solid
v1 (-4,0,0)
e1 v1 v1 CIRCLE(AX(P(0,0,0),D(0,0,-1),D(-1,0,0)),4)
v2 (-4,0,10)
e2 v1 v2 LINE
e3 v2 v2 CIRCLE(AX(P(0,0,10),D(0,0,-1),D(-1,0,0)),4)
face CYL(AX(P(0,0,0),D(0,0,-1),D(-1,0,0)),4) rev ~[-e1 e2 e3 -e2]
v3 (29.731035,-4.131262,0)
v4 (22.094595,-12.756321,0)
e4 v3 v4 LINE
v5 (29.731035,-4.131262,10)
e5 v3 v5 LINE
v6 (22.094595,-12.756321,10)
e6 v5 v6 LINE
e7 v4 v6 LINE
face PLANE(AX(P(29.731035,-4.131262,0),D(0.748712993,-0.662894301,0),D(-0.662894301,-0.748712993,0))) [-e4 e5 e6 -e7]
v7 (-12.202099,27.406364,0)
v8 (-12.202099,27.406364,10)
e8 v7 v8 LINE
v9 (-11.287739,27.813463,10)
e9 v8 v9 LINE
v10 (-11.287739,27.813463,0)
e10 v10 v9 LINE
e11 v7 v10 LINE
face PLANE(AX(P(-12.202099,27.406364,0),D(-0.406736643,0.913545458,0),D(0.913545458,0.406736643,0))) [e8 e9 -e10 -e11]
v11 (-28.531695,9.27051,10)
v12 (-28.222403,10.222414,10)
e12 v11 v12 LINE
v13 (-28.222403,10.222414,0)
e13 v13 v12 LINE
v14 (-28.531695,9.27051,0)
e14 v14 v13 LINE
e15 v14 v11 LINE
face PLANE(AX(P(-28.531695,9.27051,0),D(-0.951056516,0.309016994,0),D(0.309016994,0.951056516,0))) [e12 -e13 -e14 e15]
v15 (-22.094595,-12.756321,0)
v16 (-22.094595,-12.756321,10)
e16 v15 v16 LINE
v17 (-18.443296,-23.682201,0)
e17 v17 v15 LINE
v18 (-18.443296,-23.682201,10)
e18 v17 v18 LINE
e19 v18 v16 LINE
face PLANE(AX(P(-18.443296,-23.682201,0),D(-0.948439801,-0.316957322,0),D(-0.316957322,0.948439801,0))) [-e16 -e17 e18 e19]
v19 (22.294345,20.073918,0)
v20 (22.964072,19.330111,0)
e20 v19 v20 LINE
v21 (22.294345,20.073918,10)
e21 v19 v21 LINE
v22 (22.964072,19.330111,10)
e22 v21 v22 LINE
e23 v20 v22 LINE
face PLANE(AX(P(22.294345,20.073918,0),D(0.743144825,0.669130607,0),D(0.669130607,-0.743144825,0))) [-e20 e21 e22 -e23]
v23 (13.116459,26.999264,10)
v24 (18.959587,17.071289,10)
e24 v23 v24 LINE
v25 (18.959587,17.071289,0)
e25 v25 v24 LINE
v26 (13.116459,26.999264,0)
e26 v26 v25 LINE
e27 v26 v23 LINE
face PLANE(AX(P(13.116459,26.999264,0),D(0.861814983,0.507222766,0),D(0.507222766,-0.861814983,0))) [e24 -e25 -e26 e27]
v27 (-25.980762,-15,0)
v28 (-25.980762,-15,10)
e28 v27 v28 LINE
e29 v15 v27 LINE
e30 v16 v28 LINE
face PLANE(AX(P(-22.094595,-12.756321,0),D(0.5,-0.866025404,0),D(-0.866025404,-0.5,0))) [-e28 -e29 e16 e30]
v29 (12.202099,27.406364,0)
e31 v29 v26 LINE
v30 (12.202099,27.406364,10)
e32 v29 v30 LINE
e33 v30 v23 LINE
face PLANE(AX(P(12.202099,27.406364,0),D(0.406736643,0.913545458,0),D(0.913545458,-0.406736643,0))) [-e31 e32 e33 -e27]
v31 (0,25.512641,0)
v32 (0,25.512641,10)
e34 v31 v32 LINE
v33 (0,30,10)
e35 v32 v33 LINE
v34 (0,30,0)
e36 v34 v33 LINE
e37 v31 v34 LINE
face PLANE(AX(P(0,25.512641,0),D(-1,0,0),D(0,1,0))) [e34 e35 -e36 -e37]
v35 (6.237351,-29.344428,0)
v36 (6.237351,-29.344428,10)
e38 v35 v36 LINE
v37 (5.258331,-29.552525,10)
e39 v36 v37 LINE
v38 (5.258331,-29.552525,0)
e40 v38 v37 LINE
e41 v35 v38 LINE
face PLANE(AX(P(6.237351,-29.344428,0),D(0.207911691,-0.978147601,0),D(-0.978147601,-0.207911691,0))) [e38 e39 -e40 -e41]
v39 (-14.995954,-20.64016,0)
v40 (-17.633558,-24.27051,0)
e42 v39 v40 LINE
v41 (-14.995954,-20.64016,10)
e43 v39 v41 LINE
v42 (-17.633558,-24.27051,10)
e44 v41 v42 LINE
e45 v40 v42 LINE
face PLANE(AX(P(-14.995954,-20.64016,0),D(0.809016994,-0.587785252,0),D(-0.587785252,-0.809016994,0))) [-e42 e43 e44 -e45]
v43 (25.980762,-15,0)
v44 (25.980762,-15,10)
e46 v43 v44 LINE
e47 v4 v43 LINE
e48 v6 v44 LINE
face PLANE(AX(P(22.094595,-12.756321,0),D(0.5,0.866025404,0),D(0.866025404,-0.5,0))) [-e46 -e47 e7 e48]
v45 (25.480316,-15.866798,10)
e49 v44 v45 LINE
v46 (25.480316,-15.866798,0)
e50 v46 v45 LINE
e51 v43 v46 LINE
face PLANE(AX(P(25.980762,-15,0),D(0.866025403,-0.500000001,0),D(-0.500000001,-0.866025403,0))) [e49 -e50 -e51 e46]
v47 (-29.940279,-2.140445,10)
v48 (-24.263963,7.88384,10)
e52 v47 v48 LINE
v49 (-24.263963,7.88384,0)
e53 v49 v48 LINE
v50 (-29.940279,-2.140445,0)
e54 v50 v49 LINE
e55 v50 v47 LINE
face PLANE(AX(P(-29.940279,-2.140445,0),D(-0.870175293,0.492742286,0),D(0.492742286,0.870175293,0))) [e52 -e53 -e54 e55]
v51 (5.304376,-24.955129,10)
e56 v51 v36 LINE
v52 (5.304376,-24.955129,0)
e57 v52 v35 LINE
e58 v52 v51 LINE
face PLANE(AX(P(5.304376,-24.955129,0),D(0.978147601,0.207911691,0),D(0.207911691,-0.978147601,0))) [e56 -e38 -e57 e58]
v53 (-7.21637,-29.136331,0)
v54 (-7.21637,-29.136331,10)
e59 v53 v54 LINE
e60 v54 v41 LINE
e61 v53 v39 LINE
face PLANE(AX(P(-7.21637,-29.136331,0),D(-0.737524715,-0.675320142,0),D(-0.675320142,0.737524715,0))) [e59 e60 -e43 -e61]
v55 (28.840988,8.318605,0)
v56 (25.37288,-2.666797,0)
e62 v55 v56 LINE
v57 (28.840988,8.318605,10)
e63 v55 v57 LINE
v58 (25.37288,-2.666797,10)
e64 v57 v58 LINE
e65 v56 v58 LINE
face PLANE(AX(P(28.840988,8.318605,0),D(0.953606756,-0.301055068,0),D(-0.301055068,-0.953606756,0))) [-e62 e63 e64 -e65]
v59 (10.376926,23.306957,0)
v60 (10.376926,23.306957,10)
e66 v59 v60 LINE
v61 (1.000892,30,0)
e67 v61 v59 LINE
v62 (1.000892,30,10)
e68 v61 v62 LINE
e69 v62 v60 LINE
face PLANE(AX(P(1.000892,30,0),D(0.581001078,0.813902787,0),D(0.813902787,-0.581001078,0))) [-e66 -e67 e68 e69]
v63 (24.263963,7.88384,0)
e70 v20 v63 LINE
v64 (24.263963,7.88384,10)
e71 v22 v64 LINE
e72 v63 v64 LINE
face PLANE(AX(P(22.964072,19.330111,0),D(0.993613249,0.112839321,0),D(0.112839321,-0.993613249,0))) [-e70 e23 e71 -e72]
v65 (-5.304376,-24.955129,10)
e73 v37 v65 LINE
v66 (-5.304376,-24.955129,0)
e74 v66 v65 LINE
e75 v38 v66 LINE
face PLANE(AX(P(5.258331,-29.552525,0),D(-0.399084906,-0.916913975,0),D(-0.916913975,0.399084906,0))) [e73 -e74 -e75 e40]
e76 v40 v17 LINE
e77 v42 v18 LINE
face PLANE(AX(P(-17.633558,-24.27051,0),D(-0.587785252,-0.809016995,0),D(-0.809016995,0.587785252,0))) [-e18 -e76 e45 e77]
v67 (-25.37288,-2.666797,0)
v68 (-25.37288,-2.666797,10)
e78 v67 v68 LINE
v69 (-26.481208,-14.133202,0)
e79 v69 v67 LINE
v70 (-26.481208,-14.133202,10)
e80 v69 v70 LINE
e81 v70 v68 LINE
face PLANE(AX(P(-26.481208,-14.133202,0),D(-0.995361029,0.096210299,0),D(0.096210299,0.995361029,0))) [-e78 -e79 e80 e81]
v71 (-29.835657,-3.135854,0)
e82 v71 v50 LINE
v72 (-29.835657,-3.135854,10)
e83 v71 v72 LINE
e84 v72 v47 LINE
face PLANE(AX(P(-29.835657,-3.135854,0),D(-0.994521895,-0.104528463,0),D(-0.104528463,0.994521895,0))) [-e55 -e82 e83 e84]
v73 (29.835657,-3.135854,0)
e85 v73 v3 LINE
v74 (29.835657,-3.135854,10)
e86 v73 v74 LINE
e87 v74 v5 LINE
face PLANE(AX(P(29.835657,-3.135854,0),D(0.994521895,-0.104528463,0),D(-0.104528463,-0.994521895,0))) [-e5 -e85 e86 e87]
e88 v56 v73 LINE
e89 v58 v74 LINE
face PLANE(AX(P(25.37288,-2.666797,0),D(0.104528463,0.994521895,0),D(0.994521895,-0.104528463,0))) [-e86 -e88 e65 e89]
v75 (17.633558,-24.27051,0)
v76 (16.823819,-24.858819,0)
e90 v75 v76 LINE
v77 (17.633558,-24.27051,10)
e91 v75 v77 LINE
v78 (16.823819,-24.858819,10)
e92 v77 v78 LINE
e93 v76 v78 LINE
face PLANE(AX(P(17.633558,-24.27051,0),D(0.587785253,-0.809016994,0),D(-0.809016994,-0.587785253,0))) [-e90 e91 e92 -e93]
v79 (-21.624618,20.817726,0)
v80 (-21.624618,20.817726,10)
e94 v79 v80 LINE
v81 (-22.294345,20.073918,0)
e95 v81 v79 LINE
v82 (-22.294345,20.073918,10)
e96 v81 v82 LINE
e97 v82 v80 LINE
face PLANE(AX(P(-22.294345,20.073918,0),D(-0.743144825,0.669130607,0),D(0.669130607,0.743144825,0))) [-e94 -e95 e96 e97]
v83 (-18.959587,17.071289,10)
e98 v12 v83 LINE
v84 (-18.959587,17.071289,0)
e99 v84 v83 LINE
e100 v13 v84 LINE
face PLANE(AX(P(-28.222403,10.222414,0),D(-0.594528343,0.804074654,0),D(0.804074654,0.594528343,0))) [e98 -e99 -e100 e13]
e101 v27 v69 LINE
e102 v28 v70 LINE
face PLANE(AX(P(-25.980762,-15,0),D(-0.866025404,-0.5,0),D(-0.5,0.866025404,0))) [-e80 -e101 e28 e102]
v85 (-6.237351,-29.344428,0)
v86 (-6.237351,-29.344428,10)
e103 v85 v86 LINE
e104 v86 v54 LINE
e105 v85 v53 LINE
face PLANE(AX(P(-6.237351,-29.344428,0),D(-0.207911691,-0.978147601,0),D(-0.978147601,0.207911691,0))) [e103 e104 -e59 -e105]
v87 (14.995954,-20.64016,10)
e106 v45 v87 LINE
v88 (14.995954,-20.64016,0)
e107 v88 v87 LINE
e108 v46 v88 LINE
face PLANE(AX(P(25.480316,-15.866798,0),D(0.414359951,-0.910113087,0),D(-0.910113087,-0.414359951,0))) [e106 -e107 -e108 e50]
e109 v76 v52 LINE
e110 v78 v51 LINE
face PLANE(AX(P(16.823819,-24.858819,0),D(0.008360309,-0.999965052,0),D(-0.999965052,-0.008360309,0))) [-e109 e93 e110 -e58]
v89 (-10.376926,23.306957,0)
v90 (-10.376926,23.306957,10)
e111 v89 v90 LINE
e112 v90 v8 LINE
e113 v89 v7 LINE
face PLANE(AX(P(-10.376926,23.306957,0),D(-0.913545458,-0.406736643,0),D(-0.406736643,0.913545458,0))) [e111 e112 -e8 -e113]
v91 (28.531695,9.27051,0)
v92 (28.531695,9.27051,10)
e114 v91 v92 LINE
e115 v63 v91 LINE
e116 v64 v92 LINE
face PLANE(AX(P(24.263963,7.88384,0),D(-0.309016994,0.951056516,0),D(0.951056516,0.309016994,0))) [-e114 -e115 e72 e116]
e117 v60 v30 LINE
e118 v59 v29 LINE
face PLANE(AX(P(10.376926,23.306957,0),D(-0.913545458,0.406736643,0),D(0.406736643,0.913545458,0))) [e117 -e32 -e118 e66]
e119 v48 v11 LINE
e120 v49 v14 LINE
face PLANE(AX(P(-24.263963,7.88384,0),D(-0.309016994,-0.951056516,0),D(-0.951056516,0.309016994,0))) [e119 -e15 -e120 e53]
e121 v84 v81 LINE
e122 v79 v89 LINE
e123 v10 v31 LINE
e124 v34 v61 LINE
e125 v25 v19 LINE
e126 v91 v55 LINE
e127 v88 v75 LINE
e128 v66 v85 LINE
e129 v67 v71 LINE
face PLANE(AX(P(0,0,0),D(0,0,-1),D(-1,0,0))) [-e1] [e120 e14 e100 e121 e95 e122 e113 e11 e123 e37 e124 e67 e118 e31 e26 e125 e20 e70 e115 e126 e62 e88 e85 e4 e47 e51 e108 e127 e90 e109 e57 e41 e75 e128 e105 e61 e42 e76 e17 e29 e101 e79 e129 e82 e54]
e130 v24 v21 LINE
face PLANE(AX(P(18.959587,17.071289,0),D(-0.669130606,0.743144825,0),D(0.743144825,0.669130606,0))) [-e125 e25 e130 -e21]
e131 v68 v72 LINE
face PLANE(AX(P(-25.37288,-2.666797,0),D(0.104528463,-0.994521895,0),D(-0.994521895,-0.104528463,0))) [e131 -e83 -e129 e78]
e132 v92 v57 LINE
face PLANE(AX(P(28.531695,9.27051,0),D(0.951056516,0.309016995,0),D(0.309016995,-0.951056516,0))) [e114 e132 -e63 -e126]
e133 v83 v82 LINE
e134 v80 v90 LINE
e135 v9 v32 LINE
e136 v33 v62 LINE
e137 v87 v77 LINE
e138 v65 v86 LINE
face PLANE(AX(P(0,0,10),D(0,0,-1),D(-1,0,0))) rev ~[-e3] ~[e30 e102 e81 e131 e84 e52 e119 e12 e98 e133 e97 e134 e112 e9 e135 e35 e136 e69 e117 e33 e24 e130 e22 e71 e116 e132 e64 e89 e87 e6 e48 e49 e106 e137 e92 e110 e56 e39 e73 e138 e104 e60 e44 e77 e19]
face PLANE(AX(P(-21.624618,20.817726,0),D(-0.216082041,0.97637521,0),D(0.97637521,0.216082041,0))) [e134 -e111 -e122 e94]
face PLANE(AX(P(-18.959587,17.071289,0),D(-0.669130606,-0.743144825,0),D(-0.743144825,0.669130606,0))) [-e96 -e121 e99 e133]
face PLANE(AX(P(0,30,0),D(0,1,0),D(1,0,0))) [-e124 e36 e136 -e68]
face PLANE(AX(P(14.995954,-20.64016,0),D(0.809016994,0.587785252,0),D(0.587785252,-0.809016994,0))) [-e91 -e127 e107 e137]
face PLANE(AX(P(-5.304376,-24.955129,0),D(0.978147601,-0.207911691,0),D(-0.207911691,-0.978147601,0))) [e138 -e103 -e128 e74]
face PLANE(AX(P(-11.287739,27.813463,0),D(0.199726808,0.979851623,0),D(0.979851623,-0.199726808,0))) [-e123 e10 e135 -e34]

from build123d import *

# Parameters (mm, degrees)
BOSS_EXTRUDE2_DEPTH = 10
SKETCH2_R           = 4
CUT_EXTRUDE1_DEPTH  = 10


with BuildPart() as part:
    # Sketch1 → Boss-Extrude2 (new body)
    with BuildSketch(Plane.XY):
        Polygon((0, 25.51264103), (0, 30), (1.000891574, 30), (10.376925968, 23.306957325), (12.202099292, 27.406363729), (13.116459243, 26.99926445), (18.959587166, 17.071288962), (22.294344764, 20.073918191), (22.96407195, 19.330110797), (24.263963499, 7.88383965), (28.531695489, 9.270509831), (28.840987995, 8.318605378), (25.372880113, -2.666797161), (29.835656861, -3.135853898), (29.731035203, -4.131262483), (22.094595249, -12.756320515), (25.980762114, -15), (25.480316326, -15.86679753), (14.995954144, -20.640160164), (17.633557569, -24.270509831), (16.823819276, -24.858819138), (5.304376334, -24.955128612), (6.237350725, -29.344428022), (5.258331033, -29.552525082), (-5.304376334, -24.955128612), (-6.237350725, -29.344428022), (-7.216370416, -29.136330963), (-14.995954144, -20.640160164), (-17.633557569, -24.270509831), (-18.443295862, -23.682200525), (-22.094595249, -12.756320515), (-25.980762114, -15), (-26.481207901, -14.13320247), (-25.372880113, -2.666797161), (-29.835656861, -3.135853898), (-29.940278519, -2.140445313), (-24.263963499, 7.88383965), (-28.531695489, 9.270509831), (-28.222402983, 10.222414285), (-18.959587165, 17.071288962), (-22.294344764, 20.073918191), (-21.624617578, 20.817725585), (-10.376925968, 23.306957325), (-12.202099292, 27.406363729), (-11.287739341, 27.813463008), align=None)
    extrude(amount=BOSS_EXTRUDE2_DEPTH)

    # Sketch2 → Cut-Extrude1 (cut)
    with BuildSketch(Plane(origin=(0, 0, 0), x_dir=(-1, 0, 0), z_dir=(0, 0, -1))):
        Circle(SKETCH2_R)
    extrude(amount=-CUT_EXTRUDE1_DEPTH, mode=Mode.SUBTRACT)


solid = part.part
